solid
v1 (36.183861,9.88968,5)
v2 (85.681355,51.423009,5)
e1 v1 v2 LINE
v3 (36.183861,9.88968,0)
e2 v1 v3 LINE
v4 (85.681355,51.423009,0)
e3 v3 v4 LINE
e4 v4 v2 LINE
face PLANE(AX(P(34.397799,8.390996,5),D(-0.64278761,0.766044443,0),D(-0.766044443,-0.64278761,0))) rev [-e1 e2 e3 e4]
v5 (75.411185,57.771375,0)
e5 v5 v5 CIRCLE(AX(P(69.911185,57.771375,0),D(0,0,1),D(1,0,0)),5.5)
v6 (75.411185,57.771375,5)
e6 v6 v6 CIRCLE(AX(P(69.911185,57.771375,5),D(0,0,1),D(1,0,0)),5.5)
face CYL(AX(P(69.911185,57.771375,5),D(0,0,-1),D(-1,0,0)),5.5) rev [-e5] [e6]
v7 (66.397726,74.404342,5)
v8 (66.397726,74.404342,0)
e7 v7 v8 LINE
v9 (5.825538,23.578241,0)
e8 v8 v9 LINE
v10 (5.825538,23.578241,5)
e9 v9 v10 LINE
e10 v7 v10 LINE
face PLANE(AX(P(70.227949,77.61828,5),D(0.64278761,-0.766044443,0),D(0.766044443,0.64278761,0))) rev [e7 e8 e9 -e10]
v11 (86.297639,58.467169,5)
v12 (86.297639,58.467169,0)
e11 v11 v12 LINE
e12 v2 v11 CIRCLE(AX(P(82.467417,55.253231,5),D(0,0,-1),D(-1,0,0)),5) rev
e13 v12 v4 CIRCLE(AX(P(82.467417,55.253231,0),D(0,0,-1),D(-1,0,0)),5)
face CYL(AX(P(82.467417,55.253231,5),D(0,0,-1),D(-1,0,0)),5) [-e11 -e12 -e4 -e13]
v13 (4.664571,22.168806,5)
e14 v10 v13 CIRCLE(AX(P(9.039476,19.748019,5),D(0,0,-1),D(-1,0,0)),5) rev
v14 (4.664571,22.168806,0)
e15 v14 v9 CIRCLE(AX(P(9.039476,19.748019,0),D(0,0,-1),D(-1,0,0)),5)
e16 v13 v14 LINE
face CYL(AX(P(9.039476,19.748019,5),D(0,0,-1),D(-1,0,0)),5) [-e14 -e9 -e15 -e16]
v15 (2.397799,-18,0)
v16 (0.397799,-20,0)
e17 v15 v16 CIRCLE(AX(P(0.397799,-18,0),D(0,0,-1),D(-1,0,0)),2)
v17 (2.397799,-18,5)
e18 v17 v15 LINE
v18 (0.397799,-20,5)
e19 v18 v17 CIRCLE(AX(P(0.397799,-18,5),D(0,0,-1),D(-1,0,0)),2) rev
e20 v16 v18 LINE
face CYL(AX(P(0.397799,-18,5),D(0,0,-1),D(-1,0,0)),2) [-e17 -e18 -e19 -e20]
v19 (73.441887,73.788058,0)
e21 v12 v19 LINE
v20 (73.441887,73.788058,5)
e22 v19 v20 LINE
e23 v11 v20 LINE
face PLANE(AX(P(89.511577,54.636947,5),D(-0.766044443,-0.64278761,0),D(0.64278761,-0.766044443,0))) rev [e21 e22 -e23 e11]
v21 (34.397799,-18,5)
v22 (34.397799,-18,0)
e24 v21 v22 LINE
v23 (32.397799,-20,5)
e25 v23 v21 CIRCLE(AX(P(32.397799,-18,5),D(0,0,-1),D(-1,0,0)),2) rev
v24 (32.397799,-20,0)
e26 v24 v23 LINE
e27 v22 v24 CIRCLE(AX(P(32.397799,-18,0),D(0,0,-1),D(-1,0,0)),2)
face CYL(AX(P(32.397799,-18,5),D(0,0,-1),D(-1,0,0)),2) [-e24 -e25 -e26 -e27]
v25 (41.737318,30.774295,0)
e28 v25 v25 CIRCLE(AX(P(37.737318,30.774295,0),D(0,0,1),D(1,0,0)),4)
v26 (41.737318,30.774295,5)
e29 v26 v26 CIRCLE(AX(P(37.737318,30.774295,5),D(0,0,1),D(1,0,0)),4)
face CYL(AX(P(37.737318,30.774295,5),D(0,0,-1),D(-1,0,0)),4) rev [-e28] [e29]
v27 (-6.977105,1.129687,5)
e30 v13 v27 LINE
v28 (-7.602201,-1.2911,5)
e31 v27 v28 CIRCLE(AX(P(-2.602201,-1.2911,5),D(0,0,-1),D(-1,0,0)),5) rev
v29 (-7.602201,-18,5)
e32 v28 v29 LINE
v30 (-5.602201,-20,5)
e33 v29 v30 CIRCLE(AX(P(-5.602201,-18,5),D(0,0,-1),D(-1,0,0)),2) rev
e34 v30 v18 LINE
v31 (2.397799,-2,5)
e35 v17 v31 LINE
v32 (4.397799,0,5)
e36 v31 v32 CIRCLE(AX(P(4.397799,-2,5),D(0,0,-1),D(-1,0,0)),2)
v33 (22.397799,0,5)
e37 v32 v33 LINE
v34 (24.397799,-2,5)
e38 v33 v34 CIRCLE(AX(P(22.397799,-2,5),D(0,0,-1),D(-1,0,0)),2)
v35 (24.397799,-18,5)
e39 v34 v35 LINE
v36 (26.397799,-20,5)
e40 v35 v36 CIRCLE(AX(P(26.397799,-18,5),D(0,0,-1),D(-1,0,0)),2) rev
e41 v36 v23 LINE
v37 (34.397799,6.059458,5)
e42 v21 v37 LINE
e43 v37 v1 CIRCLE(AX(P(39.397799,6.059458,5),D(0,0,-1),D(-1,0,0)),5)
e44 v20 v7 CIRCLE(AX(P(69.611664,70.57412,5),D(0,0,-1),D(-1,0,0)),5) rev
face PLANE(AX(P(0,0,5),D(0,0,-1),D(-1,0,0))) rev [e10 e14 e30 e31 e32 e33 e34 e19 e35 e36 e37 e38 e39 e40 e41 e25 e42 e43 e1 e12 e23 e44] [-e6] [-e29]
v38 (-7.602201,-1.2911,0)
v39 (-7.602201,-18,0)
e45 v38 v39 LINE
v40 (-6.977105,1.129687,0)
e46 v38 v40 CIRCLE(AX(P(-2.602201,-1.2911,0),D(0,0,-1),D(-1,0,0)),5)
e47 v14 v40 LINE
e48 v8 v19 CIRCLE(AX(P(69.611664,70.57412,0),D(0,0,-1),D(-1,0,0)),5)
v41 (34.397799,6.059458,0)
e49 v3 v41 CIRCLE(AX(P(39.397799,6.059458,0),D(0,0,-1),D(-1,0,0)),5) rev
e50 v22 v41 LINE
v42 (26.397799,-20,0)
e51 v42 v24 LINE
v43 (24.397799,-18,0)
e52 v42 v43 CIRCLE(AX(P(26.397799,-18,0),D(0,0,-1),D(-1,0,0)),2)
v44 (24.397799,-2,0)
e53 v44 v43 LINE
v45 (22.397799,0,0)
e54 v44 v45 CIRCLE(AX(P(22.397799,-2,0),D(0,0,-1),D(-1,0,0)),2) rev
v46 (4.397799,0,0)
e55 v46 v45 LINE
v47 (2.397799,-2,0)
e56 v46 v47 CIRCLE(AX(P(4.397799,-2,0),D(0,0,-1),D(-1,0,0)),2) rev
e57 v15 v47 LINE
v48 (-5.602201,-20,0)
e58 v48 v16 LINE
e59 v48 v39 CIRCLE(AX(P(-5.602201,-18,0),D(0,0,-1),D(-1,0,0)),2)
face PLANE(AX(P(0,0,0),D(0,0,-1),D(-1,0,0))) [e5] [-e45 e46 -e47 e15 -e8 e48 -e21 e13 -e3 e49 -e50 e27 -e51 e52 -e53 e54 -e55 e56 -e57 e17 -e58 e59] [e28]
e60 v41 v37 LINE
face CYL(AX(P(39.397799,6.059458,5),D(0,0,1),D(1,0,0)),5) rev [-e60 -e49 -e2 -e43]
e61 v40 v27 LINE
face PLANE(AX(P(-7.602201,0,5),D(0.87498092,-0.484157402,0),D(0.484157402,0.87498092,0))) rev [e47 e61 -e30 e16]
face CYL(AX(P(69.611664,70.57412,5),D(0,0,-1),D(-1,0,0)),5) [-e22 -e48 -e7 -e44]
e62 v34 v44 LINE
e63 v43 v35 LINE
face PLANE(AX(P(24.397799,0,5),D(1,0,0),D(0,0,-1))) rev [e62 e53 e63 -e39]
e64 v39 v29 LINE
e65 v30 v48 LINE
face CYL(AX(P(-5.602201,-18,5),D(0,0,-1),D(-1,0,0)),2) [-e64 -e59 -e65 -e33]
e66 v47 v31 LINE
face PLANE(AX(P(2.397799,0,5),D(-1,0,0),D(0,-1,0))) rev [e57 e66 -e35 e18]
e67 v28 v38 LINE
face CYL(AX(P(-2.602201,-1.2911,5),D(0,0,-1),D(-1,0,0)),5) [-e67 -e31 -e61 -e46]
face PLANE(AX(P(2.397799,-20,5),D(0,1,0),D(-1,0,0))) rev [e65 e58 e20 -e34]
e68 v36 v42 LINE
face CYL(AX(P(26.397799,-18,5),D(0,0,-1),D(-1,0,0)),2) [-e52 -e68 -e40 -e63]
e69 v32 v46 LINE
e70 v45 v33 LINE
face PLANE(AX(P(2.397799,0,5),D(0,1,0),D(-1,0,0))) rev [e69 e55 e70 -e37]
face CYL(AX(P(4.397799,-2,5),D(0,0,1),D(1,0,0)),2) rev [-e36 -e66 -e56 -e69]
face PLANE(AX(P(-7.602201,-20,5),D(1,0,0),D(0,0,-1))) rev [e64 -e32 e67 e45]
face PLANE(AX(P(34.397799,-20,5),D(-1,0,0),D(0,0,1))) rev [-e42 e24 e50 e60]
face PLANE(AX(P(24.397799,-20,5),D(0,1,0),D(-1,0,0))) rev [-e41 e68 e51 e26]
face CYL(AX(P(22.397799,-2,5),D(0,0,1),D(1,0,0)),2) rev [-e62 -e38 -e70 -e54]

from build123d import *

# Parameters (mm, degrees)
ESQUISSE1_R        = 5.5
ESQUISSE1_R_2      = 4
BOSS_EXTRU_1_DEPTH = 5
CONG_1_R           = 5
CONG_2_R           = 2


with BuildPart() as part:
    # Esquisse1 → Boss.-Extru.1 (new body)
    with BuildSketch(Plane.XY):
        Polygon((34.397799289, 8.390996312), (89.511576954, 54.636946823), (70.227948663, 77.618280117), (5.114170998, 22.981333294), (-7.602200711, 0), (-7.602200711, -20), (2.397799289, -20), (2.397799289, 0), (24.397799289, 0), (24.397799289, -20), (34.397799289, -20), align=None)
        with Locations((69.911185048, 57.771374544)):
            Circle(ESQUISSE1_R, mode=Mode.SUBTRACT)
        with Locations((37.737318437, 30.774294937)):
            Circle(ESQUISSE1_R_2, mode=Mode.SUBTRACT)
    extrude(amount=BOSS_EXTRU_1_DEPTH)

    # Congé1
    cong_1_edges = [part.edges().sort_by_distance(p)[0] for p in [
        (-7.602200711, 0, 2.5),
        (5.114170998, 22.981333294, 2.5),
        (70.227948663, 77.618280117, 2.5),
        (89.511576954, 54.636946823, 2.5),
        (34.397799289, 8.390996312, 2.5),
    ]]
    fillet(cong_1_edges, radius=CONG_1_R)

    # Congé2
    cong_2_edges = [part.edges().sort_by_distance(p)[0] for p in [
        (2.397799289, 0, 2.5),
        (2.397799289, -20, 2.5),
        (-7.602200711, -20, 2.5),
        (34.397799289, -20, 2.5),
        (24.397799289, -20, 2.5),
        (24.397799289, 0, 2.5),
    ]]
    fillet(cong_2_edges, radius=CONG_2_R)


solid = part.part
